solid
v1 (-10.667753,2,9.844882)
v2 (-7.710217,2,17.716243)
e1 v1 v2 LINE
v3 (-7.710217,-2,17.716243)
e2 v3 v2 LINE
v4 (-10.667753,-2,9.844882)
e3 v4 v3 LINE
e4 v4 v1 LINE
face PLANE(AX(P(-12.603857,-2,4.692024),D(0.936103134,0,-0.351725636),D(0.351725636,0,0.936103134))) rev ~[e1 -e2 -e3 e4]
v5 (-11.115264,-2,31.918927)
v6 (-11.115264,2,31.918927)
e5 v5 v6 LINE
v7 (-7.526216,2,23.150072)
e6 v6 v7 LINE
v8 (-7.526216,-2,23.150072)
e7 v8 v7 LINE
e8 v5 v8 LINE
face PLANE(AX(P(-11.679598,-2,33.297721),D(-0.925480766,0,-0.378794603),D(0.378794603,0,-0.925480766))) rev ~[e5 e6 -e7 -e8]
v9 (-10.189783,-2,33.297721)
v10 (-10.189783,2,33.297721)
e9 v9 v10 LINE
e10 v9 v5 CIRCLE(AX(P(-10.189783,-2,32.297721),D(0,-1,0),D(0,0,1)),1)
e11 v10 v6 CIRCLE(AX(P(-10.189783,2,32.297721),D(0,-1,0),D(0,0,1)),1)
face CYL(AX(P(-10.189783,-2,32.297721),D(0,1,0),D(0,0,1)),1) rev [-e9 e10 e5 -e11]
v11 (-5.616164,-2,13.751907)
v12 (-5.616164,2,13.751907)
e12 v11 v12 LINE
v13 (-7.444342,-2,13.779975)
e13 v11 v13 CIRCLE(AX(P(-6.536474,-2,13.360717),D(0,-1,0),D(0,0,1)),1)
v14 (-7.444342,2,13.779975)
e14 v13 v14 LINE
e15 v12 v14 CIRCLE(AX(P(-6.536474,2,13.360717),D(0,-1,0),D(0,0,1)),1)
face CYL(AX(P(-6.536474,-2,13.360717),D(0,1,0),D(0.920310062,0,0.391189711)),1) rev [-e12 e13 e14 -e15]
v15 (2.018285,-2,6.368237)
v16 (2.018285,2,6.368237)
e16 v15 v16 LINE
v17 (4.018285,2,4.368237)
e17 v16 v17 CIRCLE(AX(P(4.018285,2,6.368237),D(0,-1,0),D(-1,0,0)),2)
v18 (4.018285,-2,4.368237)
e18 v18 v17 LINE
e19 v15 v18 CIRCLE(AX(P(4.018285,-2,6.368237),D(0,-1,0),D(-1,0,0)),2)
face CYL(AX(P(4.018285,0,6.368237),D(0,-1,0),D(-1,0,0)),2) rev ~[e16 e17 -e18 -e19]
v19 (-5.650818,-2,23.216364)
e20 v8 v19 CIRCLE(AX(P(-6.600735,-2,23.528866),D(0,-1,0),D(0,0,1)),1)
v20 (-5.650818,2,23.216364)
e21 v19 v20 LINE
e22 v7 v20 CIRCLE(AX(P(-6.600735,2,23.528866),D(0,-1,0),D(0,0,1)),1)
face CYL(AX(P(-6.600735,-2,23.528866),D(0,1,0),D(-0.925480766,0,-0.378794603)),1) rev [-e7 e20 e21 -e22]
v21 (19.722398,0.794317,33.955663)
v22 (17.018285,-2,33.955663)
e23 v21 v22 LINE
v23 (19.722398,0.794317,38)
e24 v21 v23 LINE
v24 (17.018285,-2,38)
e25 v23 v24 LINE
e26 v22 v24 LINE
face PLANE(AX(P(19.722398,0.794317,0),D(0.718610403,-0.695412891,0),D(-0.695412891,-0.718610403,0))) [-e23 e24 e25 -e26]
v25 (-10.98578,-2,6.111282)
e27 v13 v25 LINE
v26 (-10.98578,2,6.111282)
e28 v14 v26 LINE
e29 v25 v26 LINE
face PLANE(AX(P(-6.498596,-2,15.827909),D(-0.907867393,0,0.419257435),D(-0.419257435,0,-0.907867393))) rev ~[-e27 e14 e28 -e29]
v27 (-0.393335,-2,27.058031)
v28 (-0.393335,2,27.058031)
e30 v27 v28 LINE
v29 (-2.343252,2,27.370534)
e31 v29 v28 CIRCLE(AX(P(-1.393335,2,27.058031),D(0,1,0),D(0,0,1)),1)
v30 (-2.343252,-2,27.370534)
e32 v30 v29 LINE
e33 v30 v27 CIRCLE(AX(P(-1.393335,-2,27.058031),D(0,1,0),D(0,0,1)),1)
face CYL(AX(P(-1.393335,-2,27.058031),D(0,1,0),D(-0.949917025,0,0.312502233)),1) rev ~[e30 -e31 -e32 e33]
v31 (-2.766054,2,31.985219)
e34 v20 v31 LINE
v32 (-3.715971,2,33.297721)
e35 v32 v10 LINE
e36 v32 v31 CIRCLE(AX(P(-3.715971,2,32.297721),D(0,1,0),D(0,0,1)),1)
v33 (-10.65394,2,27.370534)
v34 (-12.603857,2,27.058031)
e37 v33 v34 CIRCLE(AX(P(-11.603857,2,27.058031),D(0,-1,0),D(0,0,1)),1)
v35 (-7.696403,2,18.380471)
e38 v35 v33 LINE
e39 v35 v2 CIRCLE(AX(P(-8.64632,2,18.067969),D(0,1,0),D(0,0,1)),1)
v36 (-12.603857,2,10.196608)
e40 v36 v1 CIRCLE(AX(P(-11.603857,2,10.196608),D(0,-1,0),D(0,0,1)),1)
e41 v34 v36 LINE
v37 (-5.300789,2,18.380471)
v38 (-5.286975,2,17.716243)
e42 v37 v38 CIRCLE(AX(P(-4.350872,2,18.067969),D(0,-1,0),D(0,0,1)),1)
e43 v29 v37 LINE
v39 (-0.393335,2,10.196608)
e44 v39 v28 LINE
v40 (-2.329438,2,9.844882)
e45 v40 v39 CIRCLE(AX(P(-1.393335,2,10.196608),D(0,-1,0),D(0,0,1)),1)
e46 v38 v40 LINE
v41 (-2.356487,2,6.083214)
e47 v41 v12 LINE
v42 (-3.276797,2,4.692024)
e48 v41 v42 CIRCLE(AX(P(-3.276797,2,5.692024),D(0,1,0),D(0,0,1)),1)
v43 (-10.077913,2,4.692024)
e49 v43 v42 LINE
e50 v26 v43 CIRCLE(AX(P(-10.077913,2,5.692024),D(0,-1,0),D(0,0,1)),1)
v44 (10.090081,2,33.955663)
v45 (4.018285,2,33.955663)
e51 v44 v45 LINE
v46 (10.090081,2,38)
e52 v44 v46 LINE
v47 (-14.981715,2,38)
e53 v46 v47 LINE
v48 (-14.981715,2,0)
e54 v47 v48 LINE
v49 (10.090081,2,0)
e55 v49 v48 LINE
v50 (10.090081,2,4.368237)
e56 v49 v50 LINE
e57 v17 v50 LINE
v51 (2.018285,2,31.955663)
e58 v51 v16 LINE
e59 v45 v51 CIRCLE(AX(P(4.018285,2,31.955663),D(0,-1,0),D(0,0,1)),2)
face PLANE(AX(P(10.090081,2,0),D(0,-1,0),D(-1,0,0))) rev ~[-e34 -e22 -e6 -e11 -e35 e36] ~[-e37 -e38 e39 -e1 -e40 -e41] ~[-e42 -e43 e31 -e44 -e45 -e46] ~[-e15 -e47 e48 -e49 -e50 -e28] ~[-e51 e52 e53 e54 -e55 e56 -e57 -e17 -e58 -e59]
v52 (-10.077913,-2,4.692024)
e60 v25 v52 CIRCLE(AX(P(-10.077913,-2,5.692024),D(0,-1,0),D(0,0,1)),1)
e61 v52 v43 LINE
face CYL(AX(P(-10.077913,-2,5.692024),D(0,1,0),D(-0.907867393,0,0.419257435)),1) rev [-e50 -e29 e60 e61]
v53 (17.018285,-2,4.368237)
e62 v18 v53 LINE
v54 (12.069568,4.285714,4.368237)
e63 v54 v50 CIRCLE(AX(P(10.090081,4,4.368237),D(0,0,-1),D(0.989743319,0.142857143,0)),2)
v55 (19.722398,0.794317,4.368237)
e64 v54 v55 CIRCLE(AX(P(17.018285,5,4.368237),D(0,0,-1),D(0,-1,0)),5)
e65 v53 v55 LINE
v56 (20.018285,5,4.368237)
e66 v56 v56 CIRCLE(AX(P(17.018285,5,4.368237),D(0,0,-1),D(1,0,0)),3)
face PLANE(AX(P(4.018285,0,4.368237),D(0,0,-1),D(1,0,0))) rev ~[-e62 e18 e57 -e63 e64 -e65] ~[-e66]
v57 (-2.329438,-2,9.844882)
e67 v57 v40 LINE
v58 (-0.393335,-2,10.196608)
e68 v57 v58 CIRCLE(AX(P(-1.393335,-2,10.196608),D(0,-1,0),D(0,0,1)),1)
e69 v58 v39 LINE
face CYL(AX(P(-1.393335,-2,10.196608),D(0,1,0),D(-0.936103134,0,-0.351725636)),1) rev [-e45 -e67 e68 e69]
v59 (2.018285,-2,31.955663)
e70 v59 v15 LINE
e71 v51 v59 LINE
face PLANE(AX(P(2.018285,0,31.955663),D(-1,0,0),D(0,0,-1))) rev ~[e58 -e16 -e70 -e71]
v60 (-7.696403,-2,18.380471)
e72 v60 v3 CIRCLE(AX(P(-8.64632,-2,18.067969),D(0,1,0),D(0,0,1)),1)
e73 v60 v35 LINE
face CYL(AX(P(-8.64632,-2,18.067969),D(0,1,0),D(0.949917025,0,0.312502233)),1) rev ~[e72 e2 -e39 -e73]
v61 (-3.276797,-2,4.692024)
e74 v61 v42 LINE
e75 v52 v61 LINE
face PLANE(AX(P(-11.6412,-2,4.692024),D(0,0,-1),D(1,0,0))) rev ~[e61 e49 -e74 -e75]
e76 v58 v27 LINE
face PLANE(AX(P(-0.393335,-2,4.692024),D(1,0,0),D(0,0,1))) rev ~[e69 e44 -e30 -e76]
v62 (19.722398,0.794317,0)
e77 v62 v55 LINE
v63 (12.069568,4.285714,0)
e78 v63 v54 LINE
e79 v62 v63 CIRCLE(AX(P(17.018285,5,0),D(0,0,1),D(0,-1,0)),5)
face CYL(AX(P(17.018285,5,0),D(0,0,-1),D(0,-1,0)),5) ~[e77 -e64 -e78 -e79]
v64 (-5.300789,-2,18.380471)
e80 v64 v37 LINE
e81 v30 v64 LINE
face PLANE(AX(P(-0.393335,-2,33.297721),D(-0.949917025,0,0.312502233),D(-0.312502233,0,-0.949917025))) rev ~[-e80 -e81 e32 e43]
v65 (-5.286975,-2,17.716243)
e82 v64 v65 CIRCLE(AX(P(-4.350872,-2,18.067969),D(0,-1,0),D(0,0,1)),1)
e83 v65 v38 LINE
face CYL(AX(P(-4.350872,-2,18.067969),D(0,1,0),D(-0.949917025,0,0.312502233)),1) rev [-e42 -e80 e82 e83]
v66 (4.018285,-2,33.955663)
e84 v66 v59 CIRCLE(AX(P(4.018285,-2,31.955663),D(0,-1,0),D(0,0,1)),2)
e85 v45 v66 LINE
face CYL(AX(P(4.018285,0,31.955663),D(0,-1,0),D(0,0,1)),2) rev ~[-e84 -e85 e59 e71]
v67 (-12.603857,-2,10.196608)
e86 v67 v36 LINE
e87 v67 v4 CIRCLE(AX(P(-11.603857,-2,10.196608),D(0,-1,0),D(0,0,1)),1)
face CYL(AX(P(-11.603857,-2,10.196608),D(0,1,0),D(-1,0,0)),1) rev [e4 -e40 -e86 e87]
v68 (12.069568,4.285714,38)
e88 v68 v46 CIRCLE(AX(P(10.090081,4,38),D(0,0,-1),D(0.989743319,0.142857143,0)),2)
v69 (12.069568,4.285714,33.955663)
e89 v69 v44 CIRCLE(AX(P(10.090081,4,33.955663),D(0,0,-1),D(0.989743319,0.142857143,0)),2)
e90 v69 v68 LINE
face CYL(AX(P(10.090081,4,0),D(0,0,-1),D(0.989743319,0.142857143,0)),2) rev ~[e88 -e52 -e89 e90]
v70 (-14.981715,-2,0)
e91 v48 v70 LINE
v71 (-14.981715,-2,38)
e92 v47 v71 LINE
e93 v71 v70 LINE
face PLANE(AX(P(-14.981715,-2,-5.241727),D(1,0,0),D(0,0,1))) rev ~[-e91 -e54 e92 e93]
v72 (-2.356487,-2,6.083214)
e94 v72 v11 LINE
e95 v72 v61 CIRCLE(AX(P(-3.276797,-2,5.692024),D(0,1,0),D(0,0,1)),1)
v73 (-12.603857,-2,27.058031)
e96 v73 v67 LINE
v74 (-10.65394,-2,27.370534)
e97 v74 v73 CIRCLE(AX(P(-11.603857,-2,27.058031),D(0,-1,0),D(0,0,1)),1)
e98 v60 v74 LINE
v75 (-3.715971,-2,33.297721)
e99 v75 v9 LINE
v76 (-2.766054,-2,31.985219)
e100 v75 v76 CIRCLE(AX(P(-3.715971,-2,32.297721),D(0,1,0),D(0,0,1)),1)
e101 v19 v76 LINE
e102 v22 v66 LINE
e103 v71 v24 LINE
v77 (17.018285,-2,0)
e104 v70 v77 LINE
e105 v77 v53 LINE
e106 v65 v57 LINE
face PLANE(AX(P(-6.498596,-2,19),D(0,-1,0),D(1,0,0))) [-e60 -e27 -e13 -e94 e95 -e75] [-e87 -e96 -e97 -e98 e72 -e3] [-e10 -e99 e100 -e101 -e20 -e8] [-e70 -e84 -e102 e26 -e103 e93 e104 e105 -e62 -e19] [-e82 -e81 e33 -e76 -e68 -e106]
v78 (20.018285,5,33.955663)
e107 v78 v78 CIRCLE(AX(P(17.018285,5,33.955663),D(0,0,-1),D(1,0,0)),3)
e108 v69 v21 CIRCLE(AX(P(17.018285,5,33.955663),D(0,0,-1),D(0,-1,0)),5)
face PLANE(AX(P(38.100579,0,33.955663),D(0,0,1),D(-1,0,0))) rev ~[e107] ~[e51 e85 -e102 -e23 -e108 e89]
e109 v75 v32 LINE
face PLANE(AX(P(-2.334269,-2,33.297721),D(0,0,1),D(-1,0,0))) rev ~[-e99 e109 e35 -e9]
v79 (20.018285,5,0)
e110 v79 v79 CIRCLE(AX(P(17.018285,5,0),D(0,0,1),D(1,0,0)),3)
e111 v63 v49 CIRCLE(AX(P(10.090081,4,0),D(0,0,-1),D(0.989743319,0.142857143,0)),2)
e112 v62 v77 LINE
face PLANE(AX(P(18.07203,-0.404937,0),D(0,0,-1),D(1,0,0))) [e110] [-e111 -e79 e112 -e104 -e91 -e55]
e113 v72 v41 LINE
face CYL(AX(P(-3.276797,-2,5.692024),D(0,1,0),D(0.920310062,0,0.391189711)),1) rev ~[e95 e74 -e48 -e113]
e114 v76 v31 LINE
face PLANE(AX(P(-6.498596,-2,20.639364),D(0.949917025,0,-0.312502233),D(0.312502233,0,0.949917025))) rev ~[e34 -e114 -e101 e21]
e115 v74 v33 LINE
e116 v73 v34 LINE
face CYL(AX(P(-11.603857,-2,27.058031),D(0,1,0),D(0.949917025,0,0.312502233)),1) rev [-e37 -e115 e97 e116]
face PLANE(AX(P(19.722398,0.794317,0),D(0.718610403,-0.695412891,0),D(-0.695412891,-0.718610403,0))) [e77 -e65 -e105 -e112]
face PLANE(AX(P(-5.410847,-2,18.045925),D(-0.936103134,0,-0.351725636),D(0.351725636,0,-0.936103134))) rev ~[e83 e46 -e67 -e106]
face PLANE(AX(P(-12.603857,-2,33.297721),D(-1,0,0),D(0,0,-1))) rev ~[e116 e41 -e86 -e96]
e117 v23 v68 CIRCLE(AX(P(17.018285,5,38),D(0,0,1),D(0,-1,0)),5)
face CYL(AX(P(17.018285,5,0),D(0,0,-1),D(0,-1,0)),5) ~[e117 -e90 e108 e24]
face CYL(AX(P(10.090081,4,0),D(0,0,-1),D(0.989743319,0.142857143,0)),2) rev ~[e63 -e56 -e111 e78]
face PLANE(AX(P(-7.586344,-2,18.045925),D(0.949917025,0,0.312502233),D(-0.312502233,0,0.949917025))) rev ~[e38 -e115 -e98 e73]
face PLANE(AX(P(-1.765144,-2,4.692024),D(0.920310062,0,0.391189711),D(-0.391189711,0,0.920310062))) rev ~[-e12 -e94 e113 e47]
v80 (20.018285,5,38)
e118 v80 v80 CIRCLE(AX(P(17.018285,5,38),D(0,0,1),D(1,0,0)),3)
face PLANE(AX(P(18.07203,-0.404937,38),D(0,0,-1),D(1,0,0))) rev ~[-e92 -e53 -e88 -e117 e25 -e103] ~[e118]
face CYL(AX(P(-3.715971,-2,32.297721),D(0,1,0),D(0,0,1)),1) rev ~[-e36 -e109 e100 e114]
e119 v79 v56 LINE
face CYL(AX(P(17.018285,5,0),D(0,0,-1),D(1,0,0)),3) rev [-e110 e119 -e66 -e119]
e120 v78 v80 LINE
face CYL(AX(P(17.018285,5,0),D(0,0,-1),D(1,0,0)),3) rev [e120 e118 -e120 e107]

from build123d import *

# Parameters (mm, degrees)
F0_R      = 3
F1_DEPTH  = 38
F3_W      = 47.0337605621
F3_H      = 38
F4_DEPTH  = 2
F6_DEPTH  = 38
F7_DEPTH  = 12.5
F9_DEPTH  = 25
F10_R     = 1
F11_W     = 18.2646340574
F11_H     = 47.5416160189
F12_DEPTH = 25


with BuildPart() as f1:
    # F0 (on Top) → F1 (new body)
    with BuildSketch(Plane.XY):
        with BuildLine():
            Line((-30.015476048, 0), (17.0182845141, 0))
            ThreePointArc((17.0182845141, 0), (20.2915528676, 8.7796447301), (12.069567921, 4.2857142857))
            ThreePointArc((12.069567921, 4.2857142857), (11.6019391758, 2.6906926586), (10.0900812838, 2))
            Line((10.0900812838, 2), (-30.015476048, 2))
            Line((-30.015476048, 2), (-30.015476048, 0))
        make_face()
        with Locations((17.0182845141, 5)):
            Circle(F0_R, mode=Mode.SUBTRACT)
    extrude(amount=F1_DEPTH)

    # F3 (on face) → F4 (join)
    with BuildSketch(Plane.XZ):
        with Locations((-6.498595767, 19)):
            Rectangle(F3_W, F3_H)
    extrude(amount=F4_DEPTH)

    # F5 (on face) → F6 (join)
    with BuildSketch(Plane(origin=(0, 0, 0), x_dir=(1, 0, 0), z_dir=(0, 0, -1))):
        with BuildLine():
            Line((19.7223976995, -0.7943167166), (17.0182845141, 2))
            Line((17.0182845141, 2), (17.0182845141, 0))
            ThreePointArc((17.0182845141, 0), (18.4274657627, -0.2026873973), (19.7223976995, -0.7943167166))
        make_face()
    extrude(amount=-F6_DEPTH)

    # F2 (on face) → F7 (cut, symmetric)
    with BuildSketch(Plane.XZ):
        with BuildLine():
            Line((-16.9817154859, 33.5), (-30.015476048, 33.5))
            Line((-30.015476048, 33.5), (-30.015476048, 4.5))
            Line((-30.015476048, 4.5), (-16.9817154859, 4.5))
            ThreePointArc((-16.9817154859, 4.5), (-15.5675019236, 5.0857864376), (-14.9817154859, 6.5))
            Line((-14.9817154859, 6.5), (-14.9817154859, 31.5))
            ThreePointArc((-14.9817154859, 31.5), (-15.5675019236, 32.9142135624), (-16.9817154859, 33.5))
        make_face()
        with BuildLine():
            Line((38.1005785107, 4.3682365306), (38.1005785107, 33.9556627348))
            Line((38.1005785107, 33.9556627348), (4.0182845141, 33.9556627348))
            ThreePointArc((4.0182845141, 33.9556627348), (2.6040709517, 33.3698762972), (2.0182845141, 31.9556627348))
            Line((2.0182845141, 31.9556627348), (2.0182845141, 6.3682365306))
            ThreePointArc((2.0182845141, 6.3682365306), (2.6040709517, 4.9540229682), (4.0182845141, 4.3682365306))
            Line((4.0182845141, 4.3682365306), (38.1005785107, 4.3682365306))
        make_face()
    extrude(amount=F7_DEPTH, both=True, mode=Mode.SUBTRACT)

    # F8 (on face) → F9 (cut)
    with BuildSketch(Plane.XZ.offset(2)):
        Polygon((-7.5863441452, 18.0459246039), (-12.6038566232, 33.2977212965), (-12.6038566232, 4.6920240857), align=None)
        Polygon((-0.3933349107, 33.2977212965), (-5.4108473887, 18.0459246039), (-0.3933349107, 4.6920240857), align=None)
        Polygon((-2.3342688624, 33.2977212965), (-11.6795975956, 33.2977212965), (-6.498595767, 20.6393636763), align=None)
        Polygon((-1.7651436112, 4.6920240857), (-6.498595767, 15.827909112), (-11.6411998855, 4.6920240857), align=None)
    extrude(amount=-F9_DEPTH, mode=Mode.SUBTRACT)

    # F10
    f10_edges = [f1.edges().sort_by_distance(p)[0] for p in [
        (-11.679598, 0, 33.297721),
        (-2.334269, 0, 33.297721),
        (-12.603857, 0, 33.297721),
        (-12.603857, 0, 4.692024),
        (-7.586344, 0, 18.045925),
        (-6.498596, 0, 20.639364),
        (-0.393335, 0, 33.297721),
        (-5.410847, 0, 18.045925),
        (-0.393335, 0, 4.692024),
        (-6.498596, 0, 15.827909),
        (-1.765144, 0, 4.692024),
        (-11.6412, 0, 4.692024),
    ]]
    fillet(f10_edges, radius=F10_R)

    # F11 (on face) → F12 (cut)
    with BuildSketch(Plane.XZ.offset(2)):
        with Locations((-24.1140325146, 18.5290810186)):
            Rectangle(F11_W, F11_H)
    extrude(amount=-F12_DEPTH, mode=Mode.SUBTRACT)


solid = f1.part
